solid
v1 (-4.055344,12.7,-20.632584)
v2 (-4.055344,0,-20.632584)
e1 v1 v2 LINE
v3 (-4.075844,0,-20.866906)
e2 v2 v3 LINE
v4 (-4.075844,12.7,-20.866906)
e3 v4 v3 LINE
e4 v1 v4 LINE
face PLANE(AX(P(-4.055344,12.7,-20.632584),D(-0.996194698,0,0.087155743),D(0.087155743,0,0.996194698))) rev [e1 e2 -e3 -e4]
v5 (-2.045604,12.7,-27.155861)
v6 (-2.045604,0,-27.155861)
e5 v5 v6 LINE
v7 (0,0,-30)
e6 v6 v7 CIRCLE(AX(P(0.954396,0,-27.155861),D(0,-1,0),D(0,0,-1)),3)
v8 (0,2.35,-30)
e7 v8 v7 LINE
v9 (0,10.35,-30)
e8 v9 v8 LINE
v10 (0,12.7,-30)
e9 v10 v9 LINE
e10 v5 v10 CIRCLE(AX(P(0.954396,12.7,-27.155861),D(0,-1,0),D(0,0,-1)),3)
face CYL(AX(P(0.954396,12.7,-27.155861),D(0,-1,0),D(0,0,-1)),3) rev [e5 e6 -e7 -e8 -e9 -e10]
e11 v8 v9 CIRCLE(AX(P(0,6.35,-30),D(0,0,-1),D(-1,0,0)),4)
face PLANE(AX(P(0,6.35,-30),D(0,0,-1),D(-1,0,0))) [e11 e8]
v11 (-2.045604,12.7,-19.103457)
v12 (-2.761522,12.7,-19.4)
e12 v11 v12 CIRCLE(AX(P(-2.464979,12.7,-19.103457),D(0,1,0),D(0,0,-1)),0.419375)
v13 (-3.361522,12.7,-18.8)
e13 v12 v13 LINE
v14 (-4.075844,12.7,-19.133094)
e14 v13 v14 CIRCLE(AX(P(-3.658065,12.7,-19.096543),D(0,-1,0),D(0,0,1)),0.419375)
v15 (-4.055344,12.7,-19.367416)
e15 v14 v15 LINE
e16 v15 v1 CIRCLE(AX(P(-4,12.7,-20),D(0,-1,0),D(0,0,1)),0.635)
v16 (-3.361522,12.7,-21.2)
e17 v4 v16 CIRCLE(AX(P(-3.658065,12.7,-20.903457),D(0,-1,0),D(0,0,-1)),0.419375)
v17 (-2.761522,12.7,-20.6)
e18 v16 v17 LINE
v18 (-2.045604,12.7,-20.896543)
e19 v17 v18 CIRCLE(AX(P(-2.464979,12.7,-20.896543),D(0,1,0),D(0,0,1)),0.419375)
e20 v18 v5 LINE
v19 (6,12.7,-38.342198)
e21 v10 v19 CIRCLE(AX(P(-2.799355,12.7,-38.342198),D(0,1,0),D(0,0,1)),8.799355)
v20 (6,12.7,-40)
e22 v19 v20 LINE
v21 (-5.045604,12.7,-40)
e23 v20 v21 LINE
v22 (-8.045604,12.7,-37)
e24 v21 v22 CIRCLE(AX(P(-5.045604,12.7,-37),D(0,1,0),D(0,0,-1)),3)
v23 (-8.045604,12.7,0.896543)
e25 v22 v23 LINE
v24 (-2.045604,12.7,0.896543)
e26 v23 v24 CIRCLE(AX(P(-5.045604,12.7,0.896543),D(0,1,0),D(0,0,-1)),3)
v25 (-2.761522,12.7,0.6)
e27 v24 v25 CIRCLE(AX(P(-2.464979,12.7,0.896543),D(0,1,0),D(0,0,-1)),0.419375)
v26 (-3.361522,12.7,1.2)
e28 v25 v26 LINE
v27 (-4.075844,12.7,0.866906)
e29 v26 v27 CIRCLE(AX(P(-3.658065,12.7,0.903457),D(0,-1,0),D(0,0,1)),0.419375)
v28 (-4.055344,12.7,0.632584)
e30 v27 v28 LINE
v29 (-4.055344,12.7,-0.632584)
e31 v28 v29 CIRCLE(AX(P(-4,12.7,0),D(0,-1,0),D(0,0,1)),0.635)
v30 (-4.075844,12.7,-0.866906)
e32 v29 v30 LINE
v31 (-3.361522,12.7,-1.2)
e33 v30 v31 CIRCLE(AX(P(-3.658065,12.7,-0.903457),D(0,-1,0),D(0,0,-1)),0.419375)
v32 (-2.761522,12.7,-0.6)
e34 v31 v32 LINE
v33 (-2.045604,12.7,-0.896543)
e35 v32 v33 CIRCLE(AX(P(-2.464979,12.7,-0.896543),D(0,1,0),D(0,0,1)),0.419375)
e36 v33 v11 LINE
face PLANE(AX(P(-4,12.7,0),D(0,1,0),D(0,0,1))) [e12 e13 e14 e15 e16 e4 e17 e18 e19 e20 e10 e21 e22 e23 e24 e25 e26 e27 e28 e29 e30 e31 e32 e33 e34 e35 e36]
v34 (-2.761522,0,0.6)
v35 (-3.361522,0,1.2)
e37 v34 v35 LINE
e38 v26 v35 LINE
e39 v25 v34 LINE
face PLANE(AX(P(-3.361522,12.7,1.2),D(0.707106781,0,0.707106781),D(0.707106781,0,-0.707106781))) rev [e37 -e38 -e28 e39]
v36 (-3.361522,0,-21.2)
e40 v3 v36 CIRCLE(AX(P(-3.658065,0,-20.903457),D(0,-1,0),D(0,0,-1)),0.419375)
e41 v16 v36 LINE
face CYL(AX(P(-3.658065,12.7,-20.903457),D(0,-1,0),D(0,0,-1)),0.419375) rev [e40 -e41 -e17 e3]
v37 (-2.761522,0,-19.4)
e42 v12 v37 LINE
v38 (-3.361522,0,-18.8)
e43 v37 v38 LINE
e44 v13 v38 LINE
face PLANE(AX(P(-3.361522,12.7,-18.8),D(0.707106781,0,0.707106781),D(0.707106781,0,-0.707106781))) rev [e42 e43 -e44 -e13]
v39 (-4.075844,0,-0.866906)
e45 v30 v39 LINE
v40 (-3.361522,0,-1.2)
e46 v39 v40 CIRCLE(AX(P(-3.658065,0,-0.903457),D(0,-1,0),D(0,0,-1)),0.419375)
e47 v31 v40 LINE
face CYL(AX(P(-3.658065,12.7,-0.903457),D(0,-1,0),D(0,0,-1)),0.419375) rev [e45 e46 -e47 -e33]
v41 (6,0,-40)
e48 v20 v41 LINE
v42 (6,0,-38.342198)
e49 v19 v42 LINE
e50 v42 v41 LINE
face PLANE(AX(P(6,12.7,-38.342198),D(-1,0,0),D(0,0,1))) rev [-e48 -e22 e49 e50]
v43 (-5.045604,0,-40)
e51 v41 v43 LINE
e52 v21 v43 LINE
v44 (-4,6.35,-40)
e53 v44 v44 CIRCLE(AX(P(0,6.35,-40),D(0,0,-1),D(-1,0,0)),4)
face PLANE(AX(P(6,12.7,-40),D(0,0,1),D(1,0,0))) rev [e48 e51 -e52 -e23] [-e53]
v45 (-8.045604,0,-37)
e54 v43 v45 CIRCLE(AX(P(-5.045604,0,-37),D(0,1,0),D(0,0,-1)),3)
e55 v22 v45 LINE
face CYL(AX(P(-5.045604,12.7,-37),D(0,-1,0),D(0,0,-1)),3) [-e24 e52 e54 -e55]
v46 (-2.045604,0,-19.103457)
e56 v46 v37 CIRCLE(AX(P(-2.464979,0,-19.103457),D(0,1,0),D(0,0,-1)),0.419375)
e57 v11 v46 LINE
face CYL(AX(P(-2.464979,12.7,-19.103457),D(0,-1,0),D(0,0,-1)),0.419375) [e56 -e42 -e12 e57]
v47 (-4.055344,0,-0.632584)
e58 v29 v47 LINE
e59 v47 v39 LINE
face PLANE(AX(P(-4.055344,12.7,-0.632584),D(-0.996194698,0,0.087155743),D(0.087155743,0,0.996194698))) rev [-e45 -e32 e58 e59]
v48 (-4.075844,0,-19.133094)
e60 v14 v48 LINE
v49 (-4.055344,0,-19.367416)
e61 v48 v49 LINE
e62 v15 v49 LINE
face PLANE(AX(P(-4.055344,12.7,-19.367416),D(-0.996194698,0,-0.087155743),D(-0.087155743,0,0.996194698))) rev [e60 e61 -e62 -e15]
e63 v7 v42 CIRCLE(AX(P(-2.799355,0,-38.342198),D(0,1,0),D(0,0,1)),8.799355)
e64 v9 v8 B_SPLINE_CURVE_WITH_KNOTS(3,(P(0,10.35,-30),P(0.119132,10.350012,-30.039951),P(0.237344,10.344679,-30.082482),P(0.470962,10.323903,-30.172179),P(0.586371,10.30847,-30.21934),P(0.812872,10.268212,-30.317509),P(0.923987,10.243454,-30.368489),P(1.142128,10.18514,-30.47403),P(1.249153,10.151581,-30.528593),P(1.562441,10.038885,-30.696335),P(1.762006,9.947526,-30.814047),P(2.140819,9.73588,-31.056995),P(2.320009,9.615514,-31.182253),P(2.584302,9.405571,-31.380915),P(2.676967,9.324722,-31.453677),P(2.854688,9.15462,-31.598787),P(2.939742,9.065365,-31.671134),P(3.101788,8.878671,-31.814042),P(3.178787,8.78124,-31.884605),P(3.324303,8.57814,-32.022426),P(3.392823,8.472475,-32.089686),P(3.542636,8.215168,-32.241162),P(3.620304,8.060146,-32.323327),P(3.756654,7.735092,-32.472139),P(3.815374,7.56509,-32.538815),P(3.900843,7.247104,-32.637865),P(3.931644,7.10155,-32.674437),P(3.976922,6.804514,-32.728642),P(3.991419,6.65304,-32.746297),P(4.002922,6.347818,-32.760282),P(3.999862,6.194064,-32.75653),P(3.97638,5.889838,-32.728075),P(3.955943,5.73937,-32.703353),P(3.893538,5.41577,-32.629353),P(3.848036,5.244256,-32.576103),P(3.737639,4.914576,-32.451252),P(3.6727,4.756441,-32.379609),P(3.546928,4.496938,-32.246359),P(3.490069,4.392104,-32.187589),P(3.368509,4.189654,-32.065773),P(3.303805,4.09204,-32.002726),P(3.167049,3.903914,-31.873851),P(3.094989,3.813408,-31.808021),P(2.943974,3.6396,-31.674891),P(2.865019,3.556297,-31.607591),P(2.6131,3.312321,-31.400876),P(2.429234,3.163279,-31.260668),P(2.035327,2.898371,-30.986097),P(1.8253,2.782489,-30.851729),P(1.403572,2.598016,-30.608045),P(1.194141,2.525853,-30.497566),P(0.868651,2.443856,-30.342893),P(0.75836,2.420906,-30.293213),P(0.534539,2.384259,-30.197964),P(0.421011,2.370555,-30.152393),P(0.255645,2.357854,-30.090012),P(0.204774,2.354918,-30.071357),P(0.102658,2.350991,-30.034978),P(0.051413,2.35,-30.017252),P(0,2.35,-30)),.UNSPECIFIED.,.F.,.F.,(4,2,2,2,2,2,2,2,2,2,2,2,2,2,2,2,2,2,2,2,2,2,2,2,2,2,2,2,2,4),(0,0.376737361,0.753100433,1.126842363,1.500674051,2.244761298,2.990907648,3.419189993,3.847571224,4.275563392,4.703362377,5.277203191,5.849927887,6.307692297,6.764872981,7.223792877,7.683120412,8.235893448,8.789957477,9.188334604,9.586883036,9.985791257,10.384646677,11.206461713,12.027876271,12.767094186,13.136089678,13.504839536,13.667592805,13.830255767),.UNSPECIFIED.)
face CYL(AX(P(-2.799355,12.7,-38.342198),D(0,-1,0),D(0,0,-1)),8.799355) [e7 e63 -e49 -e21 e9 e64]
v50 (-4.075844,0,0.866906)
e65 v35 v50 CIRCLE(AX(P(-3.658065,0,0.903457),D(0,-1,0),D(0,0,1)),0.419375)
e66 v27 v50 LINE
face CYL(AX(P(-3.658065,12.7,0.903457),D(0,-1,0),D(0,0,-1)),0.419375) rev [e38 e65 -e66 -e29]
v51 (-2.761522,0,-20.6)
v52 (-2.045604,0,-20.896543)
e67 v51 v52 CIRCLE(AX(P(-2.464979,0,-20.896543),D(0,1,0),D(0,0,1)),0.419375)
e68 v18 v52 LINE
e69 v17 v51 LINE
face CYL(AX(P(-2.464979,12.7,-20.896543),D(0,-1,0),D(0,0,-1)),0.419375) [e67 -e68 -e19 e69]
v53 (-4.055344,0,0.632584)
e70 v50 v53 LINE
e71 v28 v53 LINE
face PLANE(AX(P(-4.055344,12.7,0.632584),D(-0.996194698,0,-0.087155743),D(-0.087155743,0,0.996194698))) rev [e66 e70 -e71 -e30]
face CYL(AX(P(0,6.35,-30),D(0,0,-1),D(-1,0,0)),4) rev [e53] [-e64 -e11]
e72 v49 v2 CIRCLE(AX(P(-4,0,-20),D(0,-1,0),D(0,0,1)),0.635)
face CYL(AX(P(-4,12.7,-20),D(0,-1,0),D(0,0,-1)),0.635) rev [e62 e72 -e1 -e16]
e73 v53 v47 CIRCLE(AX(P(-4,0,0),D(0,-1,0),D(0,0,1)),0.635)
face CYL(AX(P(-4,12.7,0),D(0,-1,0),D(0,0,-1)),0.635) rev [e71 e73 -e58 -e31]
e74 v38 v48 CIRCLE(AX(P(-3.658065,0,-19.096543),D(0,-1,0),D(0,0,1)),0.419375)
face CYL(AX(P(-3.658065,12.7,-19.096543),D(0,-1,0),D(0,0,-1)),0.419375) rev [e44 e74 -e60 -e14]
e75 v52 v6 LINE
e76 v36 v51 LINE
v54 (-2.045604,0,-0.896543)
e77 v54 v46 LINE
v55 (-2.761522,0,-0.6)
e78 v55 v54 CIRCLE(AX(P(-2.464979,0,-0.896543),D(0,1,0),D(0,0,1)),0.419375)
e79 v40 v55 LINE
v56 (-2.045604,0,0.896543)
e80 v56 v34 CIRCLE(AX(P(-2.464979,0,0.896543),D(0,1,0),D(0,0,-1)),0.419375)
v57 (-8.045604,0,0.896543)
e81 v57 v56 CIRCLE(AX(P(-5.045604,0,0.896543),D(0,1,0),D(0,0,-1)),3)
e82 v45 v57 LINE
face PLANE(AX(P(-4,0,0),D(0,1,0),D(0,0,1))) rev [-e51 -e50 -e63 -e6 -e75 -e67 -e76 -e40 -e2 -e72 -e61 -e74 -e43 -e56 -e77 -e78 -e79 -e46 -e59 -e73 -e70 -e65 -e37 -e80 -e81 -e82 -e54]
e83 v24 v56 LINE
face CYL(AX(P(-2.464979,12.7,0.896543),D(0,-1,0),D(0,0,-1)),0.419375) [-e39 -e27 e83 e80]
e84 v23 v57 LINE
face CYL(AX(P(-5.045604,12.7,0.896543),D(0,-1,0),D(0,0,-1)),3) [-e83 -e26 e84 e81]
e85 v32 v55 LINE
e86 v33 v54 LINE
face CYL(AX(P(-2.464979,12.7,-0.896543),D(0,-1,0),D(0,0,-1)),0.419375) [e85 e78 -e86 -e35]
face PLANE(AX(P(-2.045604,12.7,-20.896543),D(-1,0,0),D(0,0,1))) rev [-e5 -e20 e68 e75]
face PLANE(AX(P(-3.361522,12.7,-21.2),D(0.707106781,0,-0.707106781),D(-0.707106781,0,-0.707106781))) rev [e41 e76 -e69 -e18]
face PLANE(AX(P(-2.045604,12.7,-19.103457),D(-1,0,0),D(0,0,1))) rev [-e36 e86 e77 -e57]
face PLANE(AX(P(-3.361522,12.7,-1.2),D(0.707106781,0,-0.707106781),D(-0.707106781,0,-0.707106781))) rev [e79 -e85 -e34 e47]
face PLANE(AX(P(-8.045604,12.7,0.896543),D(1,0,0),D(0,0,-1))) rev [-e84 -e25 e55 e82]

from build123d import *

# Parameters (mm, degrees)
BOSS_EXTRUDE1_DEPTH = 12.7
SKETCH2_R           = 4
CUT_EXTRUDE1_DEPTH  = 10


with BuildPart() as part:
    # Sketch1 → Boss-Extrude1 (new body)
    with BuildSketch(Plane(origin=(0, 0, 0), x_dir=(1, 0, 0), z_dir=(0, 1, 0))):
        with BuildLine():
            Line((-4.055343897, 0.632583633), (-4.075844459, 0.866906139))
            ThreePointArc((-4.075844459, 0.866906139), (-3.83530083, 1.283539926), (-3.361522369, 1.2))
            Line((-3.361522369, 1.2), (-2.761522369, 0.6))
            ThreePointArc((-2.761522369, 0.6), (-2.304491577, 0.509090923), (-2.04560443, 0.89654292))
            Line((-2.04560443, 0.89654292), (-2.04560443, 19.10345708))
            ThreePointArc((-2.04560443, 19.10345708), (-2.304491577, 19.490909077), (-2.761522369, 19.4))
            Line((-2.761522369, 19.4), (-3.361522369, 18.8))
            ThreePointArc((-3.361522369, 18.8), (-3.83530083, 18.716460074), (-4.075844459, 19.133093861))
            Line((-4.075844459, 19.133093861), (-4.055343897, 19.367416367))
            ThreePointArc((-4.055343897, 19.367416367), (-4.635, 20), (-4.055343897, 20.632583633))
            Line((-4.055343897, 20.632583633), (-4.075844459, 20.866906139))
            ThreePointArc((-4.075844459, 20.866906139), (-3.83530083, 21.283539926), (-3.361522369, 21.2))
            Line((-3.361522369, 21.2), (-2.761522369, 20.6))
            ThreePointArc((-2.761522369, 20.6), (-2.304491577, 20.509090923), (-2.04560443, 20.89654292))
            Line((-2.04560443, 20.89654292), (-2.04560443, 27.15586057))
            ThreePointArc((-2.04560443, 27.15586057), (-1.481090696, 28.90754737), (0, 30))
            ThreePointArc((0, 30), (4.34421438, 33.204292914), (6, 38.342197704))
            Line((6, 38.342197704), (6, 40))
            Line((6, 40), (-5.04560443, 40))
            ThreePointArc((-5.04560443, 40), (-7.166924773, 39.121320344), (-8.04560443, 37))
            Line((-8.04560443, 37), (-8.04560443, -0.89654292))
            ThreePointArc((-8.04560443, -0.89654292), (-5.04560443, -3.89654292), (-2.04560443, -0.89654292))
            ThreePointArc((-2.04560443, -0.89654292), (-2.304491577, -0.509090923), (-2.761522369, -0.6))
            Line((-2.761522369, -0.6), (-3.361522369, -1.2))
            ThreePointArc((-3.361522369, -1.2), (-3.83530083, -1.283539926), (-4.075844459, -0.866906139))
            Line((-4.075844459, -0.866906139), (-4.055343897, -0.632583633))
            ThreePointArc((-4.055343897, -0.632583633), (-4.635, 0), (-4.055343897, 0.632583633))
        make_face()
    extrude(amount=BOSS_EXTRUDE1_DEPTH)

    # Sketch2 → Cut-Extrude1 (cut)
    with BuildSketch(Plane(origin=(0, 0, -40), x_dir=(-1, 0, 0), z_dir=(0, 0, -1))):
        with Locations((0, 6.35)):
            Circle(SKETCH2_R)
    extrude(amount=-CUT_EXTRUDE1_DEPTH, mode=Mode.SUBTRACT)


solid = part.part
